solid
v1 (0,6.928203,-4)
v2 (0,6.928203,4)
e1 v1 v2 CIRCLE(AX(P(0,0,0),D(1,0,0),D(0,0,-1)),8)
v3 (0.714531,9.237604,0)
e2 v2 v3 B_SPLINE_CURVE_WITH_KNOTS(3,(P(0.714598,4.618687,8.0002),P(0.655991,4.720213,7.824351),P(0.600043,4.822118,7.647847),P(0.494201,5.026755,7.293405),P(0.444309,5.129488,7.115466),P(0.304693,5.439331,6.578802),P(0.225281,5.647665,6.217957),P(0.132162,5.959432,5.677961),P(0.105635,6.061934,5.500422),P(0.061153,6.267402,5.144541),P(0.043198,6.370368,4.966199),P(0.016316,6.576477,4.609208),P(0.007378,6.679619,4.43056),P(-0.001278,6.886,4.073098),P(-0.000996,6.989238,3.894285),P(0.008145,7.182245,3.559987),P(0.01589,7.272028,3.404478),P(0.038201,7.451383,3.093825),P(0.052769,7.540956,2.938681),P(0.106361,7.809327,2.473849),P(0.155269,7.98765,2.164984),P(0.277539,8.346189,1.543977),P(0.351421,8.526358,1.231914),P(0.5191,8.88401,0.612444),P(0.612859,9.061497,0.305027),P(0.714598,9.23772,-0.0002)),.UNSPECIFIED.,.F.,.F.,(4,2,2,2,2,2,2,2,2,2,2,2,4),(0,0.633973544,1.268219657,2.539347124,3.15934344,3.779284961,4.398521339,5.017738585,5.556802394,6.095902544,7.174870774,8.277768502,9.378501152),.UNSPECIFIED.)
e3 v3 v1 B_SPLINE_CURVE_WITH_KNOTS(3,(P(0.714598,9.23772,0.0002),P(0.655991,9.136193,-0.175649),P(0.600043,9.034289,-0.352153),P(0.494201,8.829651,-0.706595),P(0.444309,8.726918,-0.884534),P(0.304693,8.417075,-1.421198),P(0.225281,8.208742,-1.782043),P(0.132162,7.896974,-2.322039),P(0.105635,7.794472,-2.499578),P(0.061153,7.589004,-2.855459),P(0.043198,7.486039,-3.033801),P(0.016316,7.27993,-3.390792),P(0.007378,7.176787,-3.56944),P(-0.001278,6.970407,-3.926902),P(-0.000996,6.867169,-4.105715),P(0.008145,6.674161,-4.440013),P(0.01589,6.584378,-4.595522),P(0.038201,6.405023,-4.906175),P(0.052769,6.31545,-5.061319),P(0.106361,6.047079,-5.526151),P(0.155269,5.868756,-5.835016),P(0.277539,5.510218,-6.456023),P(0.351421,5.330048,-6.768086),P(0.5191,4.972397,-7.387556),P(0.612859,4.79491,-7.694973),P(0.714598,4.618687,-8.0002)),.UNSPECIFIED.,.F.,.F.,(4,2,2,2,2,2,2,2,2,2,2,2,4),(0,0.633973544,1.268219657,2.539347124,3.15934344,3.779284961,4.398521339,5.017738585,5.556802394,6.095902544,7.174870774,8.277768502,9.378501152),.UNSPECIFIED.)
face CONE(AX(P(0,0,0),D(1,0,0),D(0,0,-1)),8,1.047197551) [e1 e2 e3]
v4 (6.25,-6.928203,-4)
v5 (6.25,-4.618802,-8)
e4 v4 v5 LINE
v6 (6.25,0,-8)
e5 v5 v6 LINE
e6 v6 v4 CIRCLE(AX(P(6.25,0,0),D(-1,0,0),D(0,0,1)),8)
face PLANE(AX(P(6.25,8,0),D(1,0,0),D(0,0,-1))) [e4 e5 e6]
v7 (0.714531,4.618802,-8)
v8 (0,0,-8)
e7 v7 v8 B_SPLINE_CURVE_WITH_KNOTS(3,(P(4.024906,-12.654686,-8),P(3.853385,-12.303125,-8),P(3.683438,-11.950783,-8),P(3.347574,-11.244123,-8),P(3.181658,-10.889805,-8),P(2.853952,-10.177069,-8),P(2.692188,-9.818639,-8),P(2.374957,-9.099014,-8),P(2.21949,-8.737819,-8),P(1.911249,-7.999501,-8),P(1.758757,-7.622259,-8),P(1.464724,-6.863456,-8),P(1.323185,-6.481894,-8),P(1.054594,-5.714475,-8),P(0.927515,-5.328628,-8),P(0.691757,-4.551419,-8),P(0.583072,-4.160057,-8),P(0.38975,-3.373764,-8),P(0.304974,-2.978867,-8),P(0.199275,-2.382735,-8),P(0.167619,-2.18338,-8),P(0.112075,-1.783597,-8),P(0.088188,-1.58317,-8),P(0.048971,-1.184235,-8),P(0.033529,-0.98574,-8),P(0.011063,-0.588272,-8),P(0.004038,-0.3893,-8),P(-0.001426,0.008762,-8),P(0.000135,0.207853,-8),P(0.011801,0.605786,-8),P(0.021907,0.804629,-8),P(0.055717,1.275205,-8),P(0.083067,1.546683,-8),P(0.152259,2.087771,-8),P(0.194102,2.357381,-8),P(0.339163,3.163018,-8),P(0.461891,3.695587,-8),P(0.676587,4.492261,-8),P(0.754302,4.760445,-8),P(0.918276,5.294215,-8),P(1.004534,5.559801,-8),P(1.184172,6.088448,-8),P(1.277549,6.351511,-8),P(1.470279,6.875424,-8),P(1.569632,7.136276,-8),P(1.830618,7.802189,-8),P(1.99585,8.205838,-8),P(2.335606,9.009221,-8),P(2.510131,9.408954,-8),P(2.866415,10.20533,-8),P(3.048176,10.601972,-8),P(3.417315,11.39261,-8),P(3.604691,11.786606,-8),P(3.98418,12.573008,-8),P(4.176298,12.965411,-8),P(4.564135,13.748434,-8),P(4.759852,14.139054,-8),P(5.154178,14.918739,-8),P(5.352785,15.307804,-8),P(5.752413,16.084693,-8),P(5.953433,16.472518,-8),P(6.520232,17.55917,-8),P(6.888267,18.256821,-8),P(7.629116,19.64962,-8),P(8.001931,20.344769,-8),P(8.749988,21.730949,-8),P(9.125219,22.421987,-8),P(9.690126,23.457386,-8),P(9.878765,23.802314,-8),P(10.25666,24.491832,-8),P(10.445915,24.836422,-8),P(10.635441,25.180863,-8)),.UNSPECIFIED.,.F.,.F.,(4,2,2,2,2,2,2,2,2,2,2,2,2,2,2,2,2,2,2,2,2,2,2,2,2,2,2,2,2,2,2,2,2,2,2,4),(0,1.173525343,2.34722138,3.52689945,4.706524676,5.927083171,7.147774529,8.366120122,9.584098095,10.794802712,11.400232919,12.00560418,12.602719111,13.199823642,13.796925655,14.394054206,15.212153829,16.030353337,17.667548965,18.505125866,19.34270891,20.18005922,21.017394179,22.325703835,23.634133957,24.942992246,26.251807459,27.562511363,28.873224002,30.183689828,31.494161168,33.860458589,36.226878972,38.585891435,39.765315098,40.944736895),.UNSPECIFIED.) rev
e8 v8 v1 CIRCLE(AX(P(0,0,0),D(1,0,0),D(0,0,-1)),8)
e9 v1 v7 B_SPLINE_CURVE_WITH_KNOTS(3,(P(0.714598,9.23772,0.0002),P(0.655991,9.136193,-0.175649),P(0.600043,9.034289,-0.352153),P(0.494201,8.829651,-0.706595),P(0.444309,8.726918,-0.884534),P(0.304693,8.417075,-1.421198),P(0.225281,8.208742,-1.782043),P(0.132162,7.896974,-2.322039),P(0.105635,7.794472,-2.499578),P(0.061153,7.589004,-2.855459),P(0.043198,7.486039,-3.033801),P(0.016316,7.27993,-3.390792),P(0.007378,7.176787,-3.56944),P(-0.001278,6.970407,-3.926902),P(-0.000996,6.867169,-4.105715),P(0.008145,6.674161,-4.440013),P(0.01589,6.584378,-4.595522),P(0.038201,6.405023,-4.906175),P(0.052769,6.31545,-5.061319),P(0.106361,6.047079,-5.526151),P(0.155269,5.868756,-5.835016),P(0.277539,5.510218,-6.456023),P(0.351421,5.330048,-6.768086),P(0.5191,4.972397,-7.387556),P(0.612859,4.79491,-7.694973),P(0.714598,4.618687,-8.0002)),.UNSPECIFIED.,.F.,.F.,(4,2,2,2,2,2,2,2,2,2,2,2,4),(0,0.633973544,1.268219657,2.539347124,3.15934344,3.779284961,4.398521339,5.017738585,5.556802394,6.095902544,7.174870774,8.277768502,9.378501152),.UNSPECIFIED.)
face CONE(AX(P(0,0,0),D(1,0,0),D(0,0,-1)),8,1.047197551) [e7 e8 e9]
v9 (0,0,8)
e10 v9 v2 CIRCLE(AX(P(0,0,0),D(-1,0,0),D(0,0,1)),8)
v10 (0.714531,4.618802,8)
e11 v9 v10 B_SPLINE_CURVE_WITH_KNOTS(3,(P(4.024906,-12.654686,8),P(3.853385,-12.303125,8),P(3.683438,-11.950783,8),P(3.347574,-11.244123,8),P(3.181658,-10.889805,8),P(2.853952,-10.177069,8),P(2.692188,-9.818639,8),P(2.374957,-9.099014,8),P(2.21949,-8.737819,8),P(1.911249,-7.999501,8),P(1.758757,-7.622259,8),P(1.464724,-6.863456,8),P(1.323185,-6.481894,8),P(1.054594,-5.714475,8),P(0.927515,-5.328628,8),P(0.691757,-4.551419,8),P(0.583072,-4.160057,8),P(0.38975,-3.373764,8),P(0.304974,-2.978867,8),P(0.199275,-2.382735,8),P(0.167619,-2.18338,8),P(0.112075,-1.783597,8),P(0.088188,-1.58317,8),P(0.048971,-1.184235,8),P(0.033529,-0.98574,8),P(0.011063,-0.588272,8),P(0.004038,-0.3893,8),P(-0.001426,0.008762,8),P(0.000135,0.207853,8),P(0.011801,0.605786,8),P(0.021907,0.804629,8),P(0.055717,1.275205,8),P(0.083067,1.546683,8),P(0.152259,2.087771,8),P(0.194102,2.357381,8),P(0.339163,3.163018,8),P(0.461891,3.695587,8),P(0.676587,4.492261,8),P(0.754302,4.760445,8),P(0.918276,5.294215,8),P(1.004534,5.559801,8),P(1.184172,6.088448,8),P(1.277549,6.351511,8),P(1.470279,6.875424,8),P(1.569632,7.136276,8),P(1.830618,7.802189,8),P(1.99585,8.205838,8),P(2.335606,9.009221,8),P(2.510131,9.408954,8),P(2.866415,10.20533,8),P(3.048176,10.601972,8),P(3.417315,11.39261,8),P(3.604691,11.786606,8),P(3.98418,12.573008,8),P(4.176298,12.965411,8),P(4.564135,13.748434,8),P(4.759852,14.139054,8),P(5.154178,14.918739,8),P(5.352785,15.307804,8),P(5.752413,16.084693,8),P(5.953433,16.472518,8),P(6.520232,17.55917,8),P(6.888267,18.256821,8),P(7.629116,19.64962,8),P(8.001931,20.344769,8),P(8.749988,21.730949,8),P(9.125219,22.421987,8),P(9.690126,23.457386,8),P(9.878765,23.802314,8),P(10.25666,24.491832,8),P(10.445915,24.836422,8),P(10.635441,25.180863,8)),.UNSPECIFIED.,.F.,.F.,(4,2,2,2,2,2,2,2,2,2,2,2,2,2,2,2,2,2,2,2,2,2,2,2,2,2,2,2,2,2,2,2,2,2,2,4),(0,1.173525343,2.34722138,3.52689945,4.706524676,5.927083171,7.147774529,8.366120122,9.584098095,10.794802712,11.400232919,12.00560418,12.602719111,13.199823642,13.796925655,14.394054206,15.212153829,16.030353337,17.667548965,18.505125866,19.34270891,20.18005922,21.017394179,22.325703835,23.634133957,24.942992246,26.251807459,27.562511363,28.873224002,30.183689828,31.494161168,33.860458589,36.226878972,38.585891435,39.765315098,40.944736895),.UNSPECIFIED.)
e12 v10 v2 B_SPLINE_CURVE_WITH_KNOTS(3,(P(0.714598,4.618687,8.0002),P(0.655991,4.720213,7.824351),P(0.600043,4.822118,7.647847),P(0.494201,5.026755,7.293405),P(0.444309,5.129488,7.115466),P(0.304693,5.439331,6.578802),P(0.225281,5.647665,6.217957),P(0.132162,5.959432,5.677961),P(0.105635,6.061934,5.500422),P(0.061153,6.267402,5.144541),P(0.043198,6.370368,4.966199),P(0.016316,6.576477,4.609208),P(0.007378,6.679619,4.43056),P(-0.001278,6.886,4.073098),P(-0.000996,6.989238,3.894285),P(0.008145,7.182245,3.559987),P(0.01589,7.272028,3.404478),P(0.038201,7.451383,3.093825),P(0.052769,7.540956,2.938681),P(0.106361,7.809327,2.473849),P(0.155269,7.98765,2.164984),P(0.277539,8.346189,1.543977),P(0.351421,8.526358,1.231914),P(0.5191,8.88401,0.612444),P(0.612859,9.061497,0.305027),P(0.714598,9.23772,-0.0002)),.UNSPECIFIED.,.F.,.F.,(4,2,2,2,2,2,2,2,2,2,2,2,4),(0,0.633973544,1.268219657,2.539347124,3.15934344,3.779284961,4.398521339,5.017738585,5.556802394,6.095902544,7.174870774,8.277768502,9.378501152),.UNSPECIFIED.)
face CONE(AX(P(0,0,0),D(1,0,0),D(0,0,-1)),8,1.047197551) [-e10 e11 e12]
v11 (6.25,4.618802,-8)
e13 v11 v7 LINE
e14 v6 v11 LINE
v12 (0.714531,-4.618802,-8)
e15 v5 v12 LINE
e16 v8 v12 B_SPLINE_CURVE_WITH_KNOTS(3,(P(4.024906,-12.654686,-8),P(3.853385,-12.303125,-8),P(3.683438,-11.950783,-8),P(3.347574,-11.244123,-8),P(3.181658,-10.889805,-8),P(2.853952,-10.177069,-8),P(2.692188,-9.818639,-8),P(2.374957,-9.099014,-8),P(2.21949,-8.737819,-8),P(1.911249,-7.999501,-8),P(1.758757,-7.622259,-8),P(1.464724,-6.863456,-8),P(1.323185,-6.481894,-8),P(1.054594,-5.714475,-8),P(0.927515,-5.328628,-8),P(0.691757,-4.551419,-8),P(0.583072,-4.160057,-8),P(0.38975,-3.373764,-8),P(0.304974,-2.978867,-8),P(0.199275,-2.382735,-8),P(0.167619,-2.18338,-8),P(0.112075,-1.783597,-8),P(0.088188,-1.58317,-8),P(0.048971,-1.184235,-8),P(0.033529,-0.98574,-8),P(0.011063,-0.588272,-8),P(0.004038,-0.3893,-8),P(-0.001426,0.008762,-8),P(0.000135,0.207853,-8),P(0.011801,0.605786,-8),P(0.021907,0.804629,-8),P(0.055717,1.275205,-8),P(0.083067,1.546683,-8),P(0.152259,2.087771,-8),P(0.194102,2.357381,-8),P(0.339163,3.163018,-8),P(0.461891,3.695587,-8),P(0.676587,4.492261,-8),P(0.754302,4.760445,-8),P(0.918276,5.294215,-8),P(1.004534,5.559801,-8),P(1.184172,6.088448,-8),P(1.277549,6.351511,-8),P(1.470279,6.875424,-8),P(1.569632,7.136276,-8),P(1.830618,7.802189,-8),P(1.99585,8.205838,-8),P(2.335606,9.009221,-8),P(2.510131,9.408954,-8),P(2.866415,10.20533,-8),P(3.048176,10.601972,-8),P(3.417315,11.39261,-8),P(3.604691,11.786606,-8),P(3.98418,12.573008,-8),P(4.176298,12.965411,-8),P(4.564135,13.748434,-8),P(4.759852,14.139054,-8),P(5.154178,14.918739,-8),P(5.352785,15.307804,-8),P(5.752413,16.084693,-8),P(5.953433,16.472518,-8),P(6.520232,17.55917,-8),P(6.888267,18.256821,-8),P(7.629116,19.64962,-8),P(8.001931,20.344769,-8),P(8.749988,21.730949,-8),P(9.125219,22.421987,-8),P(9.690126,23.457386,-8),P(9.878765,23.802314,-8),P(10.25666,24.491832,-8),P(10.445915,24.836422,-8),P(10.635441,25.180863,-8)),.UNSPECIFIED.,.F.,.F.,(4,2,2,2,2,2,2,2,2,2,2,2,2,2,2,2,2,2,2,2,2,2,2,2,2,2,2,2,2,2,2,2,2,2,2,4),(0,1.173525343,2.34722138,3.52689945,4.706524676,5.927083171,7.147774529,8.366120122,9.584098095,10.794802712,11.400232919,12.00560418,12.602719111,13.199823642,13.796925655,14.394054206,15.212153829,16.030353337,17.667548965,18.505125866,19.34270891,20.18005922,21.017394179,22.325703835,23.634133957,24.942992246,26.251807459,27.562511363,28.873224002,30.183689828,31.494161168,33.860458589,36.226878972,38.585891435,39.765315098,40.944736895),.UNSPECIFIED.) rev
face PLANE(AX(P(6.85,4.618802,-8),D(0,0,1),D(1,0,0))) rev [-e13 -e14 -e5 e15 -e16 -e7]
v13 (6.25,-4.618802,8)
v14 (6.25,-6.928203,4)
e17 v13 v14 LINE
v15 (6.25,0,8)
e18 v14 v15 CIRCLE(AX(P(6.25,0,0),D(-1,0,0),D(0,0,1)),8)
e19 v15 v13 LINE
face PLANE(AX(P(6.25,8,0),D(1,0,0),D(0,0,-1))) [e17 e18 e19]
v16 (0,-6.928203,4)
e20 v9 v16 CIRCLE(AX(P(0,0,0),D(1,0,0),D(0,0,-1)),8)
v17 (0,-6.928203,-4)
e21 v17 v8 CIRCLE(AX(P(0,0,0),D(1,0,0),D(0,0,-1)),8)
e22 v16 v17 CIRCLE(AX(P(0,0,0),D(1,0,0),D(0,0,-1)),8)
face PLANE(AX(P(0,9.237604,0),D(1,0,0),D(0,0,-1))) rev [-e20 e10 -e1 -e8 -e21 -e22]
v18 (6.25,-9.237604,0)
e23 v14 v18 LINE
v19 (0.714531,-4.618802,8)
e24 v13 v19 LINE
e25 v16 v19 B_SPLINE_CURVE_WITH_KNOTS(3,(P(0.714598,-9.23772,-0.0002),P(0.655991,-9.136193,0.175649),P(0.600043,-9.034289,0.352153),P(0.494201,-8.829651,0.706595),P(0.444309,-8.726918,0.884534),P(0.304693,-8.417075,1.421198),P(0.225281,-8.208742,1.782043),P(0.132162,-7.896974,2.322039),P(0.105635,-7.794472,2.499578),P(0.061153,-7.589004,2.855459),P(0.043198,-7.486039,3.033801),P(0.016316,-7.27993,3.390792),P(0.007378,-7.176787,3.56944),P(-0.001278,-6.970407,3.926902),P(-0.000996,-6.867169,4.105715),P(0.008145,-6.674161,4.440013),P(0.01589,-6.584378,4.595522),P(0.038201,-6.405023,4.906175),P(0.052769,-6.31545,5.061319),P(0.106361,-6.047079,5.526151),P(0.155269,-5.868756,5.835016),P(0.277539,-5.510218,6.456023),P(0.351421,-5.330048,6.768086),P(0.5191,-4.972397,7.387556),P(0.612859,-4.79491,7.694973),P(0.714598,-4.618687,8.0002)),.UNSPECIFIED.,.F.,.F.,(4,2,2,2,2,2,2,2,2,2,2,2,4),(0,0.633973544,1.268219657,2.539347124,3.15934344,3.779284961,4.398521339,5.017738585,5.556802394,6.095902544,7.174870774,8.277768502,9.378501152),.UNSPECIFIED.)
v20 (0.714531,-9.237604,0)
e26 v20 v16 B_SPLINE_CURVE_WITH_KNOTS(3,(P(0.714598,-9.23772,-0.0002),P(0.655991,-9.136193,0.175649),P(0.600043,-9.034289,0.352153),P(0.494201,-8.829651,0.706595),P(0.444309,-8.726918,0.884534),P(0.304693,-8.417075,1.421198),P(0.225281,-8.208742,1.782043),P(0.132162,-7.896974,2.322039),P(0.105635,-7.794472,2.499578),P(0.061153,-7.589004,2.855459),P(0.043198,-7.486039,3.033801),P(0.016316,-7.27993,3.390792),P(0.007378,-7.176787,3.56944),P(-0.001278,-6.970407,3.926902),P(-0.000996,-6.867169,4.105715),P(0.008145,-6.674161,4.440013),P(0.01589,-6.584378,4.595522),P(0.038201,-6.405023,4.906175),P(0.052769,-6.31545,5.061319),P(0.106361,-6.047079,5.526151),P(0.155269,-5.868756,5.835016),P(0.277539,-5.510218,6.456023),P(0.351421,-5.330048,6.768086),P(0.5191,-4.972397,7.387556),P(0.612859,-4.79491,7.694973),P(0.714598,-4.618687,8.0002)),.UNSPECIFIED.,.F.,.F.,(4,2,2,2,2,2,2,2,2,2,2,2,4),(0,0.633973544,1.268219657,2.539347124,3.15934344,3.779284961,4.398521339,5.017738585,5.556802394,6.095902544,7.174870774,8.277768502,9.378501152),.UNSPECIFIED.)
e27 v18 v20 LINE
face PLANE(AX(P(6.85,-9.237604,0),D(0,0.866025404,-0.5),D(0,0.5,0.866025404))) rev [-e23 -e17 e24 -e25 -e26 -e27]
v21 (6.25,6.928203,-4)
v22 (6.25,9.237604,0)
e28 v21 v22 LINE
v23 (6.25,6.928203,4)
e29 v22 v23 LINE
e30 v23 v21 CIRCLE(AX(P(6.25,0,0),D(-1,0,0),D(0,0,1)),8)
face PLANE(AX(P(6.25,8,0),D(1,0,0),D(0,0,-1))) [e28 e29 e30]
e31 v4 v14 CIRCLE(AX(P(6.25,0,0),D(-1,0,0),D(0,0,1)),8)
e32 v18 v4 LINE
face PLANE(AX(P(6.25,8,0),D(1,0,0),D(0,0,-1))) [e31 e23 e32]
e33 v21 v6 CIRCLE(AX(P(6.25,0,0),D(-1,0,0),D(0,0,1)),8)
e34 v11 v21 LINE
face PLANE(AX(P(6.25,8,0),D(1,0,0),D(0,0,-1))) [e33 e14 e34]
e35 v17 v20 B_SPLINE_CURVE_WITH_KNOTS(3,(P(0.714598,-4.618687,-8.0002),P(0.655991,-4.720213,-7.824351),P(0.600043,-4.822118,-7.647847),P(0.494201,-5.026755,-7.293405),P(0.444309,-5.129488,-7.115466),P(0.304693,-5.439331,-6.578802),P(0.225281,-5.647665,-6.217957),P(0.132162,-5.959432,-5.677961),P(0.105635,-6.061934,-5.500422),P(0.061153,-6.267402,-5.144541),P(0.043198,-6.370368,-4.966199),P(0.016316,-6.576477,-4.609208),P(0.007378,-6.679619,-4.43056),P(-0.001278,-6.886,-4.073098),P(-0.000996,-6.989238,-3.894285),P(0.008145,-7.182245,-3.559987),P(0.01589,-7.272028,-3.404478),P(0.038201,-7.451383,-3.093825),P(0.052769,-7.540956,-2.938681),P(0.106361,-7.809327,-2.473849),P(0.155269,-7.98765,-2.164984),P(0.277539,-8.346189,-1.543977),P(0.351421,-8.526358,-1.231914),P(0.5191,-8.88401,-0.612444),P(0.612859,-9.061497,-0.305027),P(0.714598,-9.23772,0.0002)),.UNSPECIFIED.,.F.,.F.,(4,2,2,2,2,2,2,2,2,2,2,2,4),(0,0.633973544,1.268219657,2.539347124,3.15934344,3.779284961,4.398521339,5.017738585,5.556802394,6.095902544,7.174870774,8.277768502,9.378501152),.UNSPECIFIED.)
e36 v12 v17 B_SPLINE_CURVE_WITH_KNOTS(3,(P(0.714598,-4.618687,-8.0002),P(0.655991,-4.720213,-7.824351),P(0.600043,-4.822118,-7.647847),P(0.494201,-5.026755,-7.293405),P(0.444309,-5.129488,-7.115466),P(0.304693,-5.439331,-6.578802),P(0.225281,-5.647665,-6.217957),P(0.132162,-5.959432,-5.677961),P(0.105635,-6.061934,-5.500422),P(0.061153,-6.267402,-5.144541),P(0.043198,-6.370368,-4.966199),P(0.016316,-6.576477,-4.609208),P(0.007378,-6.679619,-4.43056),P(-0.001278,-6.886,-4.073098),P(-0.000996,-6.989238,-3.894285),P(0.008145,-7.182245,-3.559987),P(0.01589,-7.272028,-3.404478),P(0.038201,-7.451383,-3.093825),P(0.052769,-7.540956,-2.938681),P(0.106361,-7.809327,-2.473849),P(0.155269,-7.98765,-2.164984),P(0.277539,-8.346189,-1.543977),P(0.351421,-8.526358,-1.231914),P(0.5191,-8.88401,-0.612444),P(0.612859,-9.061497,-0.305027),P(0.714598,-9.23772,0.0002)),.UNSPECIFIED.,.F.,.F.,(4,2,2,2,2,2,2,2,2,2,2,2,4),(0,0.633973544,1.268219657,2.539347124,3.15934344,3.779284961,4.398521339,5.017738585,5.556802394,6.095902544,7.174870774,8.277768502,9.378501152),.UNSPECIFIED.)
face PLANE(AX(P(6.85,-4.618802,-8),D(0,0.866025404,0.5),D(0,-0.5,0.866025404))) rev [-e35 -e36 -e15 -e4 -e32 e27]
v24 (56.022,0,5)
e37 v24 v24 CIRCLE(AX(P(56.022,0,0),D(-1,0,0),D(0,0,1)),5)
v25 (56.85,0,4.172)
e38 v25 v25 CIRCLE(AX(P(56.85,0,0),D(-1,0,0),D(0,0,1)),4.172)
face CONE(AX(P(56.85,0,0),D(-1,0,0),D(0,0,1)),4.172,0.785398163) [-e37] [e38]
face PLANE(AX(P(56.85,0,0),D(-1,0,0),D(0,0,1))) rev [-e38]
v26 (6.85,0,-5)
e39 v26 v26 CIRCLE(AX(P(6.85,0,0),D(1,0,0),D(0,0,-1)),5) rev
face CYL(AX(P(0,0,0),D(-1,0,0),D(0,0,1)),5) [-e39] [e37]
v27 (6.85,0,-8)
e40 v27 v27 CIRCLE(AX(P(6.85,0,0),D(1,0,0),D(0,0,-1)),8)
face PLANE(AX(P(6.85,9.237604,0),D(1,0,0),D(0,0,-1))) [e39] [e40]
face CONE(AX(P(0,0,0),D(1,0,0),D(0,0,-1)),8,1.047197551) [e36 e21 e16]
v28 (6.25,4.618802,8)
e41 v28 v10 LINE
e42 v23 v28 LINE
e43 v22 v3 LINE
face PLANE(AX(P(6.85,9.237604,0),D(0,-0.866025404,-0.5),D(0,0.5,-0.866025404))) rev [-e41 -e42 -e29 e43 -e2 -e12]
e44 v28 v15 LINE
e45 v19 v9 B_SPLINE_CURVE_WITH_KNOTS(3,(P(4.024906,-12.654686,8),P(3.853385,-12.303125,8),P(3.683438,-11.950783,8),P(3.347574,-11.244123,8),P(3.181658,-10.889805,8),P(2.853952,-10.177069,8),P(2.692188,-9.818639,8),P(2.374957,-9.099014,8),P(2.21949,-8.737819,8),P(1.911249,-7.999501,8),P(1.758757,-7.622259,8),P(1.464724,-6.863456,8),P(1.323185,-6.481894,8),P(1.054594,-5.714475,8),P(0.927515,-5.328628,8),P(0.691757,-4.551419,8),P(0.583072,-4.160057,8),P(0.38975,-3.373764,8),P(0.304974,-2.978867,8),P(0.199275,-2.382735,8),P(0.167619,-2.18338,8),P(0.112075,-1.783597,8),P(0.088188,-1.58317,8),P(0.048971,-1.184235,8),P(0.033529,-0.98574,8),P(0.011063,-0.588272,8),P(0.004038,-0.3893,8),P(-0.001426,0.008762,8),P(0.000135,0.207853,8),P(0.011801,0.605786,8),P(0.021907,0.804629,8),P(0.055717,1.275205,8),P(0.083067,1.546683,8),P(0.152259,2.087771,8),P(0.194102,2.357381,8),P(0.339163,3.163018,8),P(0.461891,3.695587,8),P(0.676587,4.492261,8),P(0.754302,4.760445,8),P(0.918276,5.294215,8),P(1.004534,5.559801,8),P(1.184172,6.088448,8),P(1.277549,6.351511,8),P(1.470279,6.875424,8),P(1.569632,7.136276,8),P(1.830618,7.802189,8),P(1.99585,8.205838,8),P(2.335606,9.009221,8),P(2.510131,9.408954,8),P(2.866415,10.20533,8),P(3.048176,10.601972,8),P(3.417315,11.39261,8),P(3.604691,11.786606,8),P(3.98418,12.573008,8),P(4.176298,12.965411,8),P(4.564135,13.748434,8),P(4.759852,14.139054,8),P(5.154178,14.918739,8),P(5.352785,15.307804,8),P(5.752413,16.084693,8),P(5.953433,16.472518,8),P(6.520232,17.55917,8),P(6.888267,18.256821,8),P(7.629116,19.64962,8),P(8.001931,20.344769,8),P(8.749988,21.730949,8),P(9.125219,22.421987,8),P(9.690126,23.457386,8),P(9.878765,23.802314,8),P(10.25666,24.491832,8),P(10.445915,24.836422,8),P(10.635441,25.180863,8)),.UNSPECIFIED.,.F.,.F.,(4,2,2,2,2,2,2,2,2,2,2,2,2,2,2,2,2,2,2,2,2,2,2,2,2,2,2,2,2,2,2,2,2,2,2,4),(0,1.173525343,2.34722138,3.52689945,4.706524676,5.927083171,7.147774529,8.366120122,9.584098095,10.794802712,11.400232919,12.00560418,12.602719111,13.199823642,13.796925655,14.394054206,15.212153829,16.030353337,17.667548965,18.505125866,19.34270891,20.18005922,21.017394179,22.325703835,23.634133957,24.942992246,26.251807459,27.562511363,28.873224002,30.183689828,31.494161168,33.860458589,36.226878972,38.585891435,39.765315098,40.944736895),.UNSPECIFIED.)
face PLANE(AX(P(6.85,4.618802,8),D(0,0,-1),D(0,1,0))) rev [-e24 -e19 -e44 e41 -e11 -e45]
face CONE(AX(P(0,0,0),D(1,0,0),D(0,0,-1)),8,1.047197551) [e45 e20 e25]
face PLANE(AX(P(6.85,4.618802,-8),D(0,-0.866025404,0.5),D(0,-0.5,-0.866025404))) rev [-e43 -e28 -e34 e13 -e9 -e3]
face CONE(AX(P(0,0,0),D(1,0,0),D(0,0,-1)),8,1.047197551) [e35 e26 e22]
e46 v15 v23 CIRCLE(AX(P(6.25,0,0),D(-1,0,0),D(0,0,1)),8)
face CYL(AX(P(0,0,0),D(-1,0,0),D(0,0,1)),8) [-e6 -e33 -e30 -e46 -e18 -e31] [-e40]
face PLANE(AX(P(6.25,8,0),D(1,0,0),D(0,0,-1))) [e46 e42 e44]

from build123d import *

# Parameters (mm, degrees)
BASEHEAD_DEPTH = 6.85
SKETCH4_W      = 0.6
SKETCH4_H      = 11.237604307


with BuildPart() as part:
    # Sketch1 → BaseHead (new body)
    with BuildSketch(Plane(origin=(0, 0, 0), x_dir=(0, 0, -1), z_dir=(1, 0, 0))):
        Polygon((8, 4.618802154), (8, -4.618802154), (0, -9.237604307), (-8, -4.618802154), (-8, 4.618802154), (0, 9.237604307), align=None)
    extrude(amount=BASEHEAD_DEPTH)

    # BodySke → BaseBody (revolve)
    with BuildSketch(Plane.XY, mode=Mode.PRIVATE) as basebody_sk:
        Polygon((0, 0), (56.85, 0), (56.85, 4.172), (56.022, 5), (0, 5), align=None)
    revolve(basebody_sk.sketch.rotate(Axis((0, 0, 0), (1, 0, 0)), 90), axis=Axis((0, 0, 0), (1, 0, 0)))

    # Sketch3 → HeadChamfer (revolve, cut)
    with BuildSketch(Plane.XY):
        Polygon((0, 8), (3.601282526, 14.237604307), (3.601282526, 19.237604307), (-10, 19.237604307), (-10, 8), align=None)
    revolve(axis=Axis((0, 0, 0), (1, 0, 0)), mode=Mode.SUBTRACT)

    # Sketch4 → BearingFace (revolve, cut)
    with BuildSketch(Plane.XY, mode=Mode.PRIVATE) as bearingface_sk:
        with Locations((6.55, 13.618802154)):
            Rectangle(SKETCH4_W, SKETCH4_H)
    revolve(bearingface_sk.sketch.rotate(Axis((0, 0, 0), (1, 0, 0)), 270), axis=Axis((0, 0, 0), (1, 0, 0)), mode=Mode.SUBTRACT)


solid = part.part
